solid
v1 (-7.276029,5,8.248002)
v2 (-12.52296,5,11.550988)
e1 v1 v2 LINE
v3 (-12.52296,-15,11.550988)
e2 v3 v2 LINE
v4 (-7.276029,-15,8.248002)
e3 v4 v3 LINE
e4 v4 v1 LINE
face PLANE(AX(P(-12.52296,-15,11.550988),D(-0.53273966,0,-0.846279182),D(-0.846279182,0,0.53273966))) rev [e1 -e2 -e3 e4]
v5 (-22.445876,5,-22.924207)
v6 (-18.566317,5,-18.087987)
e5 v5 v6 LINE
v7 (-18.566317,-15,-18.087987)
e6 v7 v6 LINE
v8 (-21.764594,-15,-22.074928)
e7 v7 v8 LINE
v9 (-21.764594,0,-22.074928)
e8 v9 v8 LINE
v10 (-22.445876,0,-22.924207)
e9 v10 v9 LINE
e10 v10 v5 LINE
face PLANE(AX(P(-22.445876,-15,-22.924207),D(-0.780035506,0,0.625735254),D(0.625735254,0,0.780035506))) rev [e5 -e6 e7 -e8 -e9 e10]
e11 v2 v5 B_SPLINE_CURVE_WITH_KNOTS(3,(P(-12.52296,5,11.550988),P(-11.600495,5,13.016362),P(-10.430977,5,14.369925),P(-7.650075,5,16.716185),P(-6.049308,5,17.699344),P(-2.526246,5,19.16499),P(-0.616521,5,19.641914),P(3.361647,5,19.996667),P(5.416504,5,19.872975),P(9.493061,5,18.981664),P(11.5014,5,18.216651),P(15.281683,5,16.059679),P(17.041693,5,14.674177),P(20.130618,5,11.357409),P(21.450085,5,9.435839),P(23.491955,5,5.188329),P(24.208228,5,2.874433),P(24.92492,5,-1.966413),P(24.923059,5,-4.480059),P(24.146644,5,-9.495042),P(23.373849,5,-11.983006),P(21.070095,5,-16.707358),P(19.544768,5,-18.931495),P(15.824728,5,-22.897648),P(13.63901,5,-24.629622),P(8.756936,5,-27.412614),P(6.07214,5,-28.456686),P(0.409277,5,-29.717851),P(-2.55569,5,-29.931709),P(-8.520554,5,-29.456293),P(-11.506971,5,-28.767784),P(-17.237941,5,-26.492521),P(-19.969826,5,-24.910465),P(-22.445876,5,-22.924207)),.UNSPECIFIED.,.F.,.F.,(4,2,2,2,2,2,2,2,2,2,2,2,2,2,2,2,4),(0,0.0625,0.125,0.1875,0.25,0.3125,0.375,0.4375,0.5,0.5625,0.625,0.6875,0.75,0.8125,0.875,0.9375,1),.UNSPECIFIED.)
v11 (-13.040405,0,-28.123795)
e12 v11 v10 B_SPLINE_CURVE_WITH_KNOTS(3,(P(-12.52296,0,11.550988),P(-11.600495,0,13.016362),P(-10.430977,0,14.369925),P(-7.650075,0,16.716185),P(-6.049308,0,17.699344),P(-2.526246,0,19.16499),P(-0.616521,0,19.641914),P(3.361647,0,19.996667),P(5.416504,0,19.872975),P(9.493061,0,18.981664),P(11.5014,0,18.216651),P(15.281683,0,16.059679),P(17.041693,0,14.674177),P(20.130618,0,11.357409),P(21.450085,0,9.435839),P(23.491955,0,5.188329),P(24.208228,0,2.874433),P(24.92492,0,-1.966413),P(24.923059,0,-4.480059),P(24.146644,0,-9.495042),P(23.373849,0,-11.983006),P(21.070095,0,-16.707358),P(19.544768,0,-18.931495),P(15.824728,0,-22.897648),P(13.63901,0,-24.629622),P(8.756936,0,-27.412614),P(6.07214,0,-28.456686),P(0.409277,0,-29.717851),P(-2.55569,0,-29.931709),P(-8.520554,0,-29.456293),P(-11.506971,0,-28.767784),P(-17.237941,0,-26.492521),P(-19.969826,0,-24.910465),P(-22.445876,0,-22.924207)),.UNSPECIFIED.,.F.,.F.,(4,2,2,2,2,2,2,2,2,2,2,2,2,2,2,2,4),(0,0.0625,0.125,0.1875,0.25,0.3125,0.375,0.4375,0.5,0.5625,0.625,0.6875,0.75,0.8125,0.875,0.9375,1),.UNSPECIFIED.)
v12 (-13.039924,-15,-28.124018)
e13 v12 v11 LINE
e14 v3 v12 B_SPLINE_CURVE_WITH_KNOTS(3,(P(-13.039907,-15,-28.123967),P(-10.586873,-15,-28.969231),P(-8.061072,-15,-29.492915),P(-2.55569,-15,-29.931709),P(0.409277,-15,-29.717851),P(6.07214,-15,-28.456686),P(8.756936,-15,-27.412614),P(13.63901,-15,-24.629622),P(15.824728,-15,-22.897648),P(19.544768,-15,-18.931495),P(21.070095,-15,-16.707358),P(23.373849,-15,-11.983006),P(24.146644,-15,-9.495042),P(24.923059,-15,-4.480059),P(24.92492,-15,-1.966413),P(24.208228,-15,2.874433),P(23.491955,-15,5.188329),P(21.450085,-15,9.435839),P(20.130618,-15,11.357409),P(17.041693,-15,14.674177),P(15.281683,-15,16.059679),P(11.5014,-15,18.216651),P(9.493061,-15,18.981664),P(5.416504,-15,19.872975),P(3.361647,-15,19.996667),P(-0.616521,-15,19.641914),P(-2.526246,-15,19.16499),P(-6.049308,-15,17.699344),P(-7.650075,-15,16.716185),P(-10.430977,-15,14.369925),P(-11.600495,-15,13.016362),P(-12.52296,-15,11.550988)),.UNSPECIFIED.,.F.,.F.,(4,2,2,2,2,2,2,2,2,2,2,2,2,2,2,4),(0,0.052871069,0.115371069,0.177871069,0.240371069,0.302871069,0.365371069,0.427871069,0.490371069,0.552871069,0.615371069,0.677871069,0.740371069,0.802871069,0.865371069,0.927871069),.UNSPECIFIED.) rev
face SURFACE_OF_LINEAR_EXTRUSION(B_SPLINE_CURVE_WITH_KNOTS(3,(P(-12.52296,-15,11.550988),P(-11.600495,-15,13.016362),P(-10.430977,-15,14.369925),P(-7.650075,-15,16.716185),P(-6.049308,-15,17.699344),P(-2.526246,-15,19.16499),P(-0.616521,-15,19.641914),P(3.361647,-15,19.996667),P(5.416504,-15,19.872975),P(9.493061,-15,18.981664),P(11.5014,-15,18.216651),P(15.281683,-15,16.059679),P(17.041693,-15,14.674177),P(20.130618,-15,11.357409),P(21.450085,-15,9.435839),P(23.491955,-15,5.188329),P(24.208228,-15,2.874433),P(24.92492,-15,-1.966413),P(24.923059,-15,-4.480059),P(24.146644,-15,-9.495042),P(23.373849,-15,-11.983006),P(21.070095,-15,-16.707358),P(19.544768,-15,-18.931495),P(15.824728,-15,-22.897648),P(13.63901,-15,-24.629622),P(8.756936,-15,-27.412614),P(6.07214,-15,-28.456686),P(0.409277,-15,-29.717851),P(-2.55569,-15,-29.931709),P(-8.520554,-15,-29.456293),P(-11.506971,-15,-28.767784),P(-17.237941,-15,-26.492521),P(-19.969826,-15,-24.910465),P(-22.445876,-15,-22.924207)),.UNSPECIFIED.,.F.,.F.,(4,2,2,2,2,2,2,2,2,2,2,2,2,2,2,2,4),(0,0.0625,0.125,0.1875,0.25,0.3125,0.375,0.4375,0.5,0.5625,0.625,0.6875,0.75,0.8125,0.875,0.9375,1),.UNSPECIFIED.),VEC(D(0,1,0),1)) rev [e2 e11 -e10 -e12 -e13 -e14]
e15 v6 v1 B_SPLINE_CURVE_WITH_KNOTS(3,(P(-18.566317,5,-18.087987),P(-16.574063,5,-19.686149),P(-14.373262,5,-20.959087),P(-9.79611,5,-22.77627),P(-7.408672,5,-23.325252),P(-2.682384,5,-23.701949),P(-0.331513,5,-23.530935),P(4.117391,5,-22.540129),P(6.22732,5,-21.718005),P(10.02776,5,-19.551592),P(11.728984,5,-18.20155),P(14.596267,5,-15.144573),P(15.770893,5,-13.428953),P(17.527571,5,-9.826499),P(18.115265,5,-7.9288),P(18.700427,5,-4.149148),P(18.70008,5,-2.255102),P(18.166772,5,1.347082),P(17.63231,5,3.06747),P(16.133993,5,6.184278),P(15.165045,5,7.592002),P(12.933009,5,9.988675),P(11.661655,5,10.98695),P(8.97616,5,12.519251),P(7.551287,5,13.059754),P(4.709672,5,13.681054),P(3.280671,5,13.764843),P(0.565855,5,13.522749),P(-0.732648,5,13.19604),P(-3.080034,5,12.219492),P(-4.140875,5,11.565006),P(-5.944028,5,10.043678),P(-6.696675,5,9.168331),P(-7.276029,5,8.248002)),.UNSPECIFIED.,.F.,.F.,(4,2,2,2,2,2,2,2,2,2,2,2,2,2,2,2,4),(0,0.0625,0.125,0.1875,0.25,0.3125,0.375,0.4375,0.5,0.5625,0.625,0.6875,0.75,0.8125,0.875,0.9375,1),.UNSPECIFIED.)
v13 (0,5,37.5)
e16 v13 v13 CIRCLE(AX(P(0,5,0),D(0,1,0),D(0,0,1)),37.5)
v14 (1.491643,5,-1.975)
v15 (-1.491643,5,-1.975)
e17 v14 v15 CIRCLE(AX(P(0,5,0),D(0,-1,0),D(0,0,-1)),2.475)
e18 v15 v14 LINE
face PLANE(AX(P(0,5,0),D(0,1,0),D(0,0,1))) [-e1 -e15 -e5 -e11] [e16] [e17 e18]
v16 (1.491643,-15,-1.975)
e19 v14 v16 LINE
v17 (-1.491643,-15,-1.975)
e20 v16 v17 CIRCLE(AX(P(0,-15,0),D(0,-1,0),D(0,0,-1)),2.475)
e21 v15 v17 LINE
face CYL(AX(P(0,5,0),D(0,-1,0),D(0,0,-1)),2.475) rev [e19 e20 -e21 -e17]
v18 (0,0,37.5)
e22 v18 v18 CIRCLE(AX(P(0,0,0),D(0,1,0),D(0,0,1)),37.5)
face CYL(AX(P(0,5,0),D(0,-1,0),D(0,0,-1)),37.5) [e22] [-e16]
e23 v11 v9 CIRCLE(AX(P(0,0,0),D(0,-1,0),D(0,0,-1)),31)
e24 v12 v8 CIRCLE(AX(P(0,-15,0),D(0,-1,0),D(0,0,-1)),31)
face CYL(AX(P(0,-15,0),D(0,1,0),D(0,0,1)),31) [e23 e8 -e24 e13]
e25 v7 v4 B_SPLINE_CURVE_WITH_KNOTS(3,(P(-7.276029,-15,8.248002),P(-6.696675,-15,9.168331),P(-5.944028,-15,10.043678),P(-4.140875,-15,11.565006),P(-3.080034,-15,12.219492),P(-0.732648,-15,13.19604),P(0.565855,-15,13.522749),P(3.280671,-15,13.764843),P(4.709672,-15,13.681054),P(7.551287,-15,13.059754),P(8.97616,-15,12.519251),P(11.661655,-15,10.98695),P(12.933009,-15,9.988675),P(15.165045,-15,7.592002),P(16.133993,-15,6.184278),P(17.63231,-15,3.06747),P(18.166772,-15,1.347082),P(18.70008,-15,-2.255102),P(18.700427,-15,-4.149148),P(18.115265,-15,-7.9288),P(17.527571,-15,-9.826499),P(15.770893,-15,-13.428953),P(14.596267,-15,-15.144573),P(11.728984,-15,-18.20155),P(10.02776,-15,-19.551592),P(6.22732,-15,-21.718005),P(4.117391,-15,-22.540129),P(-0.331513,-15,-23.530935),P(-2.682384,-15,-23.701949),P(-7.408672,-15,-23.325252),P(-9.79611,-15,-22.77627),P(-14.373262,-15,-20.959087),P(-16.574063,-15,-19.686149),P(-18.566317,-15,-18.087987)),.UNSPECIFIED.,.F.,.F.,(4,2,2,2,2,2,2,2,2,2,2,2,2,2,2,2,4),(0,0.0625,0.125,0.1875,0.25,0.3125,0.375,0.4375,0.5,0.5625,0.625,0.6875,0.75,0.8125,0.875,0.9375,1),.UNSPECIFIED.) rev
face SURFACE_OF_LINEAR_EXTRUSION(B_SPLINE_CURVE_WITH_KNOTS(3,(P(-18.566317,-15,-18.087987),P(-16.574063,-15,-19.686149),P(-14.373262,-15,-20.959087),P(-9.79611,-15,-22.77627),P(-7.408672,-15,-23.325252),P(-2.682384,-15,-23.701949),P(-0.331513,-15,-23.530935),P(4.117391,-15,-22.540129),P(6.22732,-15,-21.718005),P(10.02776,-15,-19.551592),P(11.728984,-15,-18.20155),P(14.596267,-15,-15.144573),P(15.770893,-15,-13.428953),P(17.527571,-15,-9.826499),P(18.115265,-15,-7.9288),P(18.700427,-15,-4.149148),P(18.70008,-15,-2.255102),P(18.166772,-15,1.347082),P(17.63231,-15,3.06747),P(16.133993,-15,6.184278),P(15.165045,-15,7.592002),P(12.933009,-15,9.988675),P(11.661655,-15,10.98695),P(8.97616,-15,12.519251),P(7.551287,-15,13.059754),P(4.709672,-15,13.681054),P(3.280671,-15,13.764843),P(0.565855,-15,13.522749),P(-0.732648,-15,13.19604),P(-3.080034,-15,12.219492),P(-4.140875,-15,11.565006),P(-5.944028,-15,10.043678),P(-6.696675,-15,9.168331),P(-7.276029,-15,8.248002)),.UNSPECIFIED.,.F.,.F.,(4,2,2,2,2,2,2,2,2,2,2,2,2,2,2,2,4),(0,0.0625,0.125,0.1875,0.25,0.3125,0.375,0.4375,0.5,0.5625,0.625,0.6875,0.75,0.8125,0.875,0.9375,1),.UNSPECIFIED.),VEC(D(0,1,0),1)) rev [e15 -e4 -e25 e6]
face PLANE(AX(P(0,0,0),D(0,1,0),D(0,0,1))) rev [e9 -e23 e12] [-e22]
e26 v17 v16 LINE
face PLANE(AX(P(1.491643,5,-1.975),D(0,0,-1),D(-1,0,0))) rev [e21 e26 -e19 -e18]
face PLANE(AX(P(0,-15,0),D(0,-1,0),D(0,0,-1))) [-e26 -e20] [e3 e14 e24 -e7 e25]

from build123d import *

# Parameters (mm, degrees)
SKETCH1_R           = 37.5
BOSS_EXTRUDE1_DEPTH = 5
SKETCH10_R          = 31
BOSS_EXTRUDE2_DEPTH = 15
CUT_EXTRUDE1_DEPTH  = 57.678920244
CUT_EXTRUDE2_DEPTH  = 57.678920244


with BuildPart() as part:
    # Sketch1 → Boss-Extrude1 (new body)
    with BuildSketch(Plane(origin=(0, 0, 0), x_dir=(1, 0, 0), z_dir=(0, 1, 0))):
        Circle(SKETCH1_R)
    extrude(amount=BOSS_EXTRUDE1_DEPTH)

    # Sketch10 → Boss-Extrude2 (add)
    with BuildSketch(Plane.XZ):
        Circle(SKETCH10_R)
    extrude(amount=BOSS_EXTRUDE2_DEPTH)

    # Sketch11 → Cut-Extrude1 (cut, through all)
    with BuildSketch(Plane.XZ.offset(15)):
        with BuildLine():
            Line((1.491643389, -1.975), (-1.491643389, -1.975))
            ThreePointArc((-1.491643389, -1.975), (0, 2.475), (1.491643389, -1.975))
        make_face()
    extrude(amount=-CUT_EXTRUDE1_DEPTH, mode=Mode.SUBTRACT)

    # Sketch12 → Cut-Extrude2 (cut, through all)
    with BuildSketch(Plane(origin=(0, 5, 0), x_dir=(1, 0, 0), z_dir=(0, 1, 0))):
        with BuildLine():
            Line((-12.522960402, -11.550987883), (-7.276029472, -8.24800199))
            add(Edge.make_bspline(
                [(-18.566317366, 18.087986584), (-16.574063082, 19.6861494), (-14.373261885, 20.959086767), (-9.79610982, 22.776270096), (-7.408671534, 23.325251613), (-2.682384051, 23.701949314), (-0.331512749, 23.530934674), (4.117390892, 22.54012868), (6.227320203, 21.718005169), (10.027759886, 19.551591543), (11.728984463, 18.201550208), (14.596266579, 15.14457286), (15.770893072, 13.428953103), (17.527571222, 9.826499131), (18.115264822, 7.92879983), (18.700426824, 4.149147995), (18.700079831, 2.255101797), (18.166772453, -1.34708247), (17.632310064, -3.067469712), (16.13399267, -6.184277521), (15.165044903, -7.59200202), (12.933009073, -9.988675008), (11.661654701, -10.986949869), (8.976160145, -12.519251352), (7.551287211, -13.059754313), (4.709672005, -13.681053825), (3.280670849, -13.764842942), (0.565855338, -13.522749206), (-0.732647761, -13.196039768), (-3.080034254, -12.219492133), (-4.140875366, -11.565006492), (-5.944027576, -10.043678404), (-6.69667503, -9.168330698), (-7.276029472, -8.24800199)],
                knots=[0, 0, 0, 0, 0.0625, 0.0625, 0.125, 0.125, 0.1875, 0.1875, 0.25, 0.25, 0.3125, 0.3125, 0.375, 0.375, 0.4375, 0.4375, 0.5, 0.5, 0.5625, 0.5625, 0.625, 0.625, 0.6875, 0.6875, 0.75, 0.75, 0.8125, 0.8125, 0.875, 0.875, 0.9375, 0.9375, 1, 1, 1, 1], degree=3))
            Line((-18.566317366, 18.087986584), (-22.445875943, 22.924206724))
            add(Edge.make_bspline(
                [(-22.445875943, 22.924206724), (-19.969825826, 24.910464833), (-17.237941121, 26.492521157), (-11.506970883, 28.767783903), (-8.520553945, 29.456293243), (-2.555690408, 29.931708754), (0.409277257, 29.717850527), (6.07214005, 28.456686238), (8.756936396, 27.412613765), (13.639010184, 24.629622306), (15.824727512, 22.897648426), (19.54476833, 18.931495095), (21.070095492, 16.707358252), (23.373848964, 11.983006302), (24.146644363, 9.49504246), (24.923059123, 4.480059499), (24.924920169, 1.966413332), (24.208227547, -2.874432658), (23.491955176, -5.18832883), (21.450084705, -9.435838641), (20.130617856, -11.357409493), (17.041692734, -14.674176771), (15.281683474, -16.059679472), (11.501399671, -18.216650696), (9.493060749, -18.981663836), (5.416503734, -19.872974834), (3.361647035, -19.996666952), (-0.616520536, -19.641913768), (-2.526245675, -19.164989771), (-6.049307758, -17.699343634), (-7.65007538, -16.716185155), (-10.430976704, -14.369925494), (-11.600495296, -13.016362199), (-12.522960402, -11.550987883)],
                knots=[0, 0, 0, 0, 0.0625, 0.0625, 0.125, 0.125, 0.1875, 0.1875, 0.25, 0.25, 0.3125, 0.3125, 0.375, 0.375, 0.4375, 0.4375, 0.5, 0.5, 0.5625, 0.5625, 0.625, 0.625, 0.6875, 0.6875, 0.75, 0.75, 0.8125, 0.8125, 0.875, 0.875, 0.9375, 0.9375, 1, 1, 1, 1], degree=3))
        make_face()
    extrude(amount=-CUT_EXTRUDE2_DEPTH, mode=Mode.SUBTRACT)


solid = part.part
